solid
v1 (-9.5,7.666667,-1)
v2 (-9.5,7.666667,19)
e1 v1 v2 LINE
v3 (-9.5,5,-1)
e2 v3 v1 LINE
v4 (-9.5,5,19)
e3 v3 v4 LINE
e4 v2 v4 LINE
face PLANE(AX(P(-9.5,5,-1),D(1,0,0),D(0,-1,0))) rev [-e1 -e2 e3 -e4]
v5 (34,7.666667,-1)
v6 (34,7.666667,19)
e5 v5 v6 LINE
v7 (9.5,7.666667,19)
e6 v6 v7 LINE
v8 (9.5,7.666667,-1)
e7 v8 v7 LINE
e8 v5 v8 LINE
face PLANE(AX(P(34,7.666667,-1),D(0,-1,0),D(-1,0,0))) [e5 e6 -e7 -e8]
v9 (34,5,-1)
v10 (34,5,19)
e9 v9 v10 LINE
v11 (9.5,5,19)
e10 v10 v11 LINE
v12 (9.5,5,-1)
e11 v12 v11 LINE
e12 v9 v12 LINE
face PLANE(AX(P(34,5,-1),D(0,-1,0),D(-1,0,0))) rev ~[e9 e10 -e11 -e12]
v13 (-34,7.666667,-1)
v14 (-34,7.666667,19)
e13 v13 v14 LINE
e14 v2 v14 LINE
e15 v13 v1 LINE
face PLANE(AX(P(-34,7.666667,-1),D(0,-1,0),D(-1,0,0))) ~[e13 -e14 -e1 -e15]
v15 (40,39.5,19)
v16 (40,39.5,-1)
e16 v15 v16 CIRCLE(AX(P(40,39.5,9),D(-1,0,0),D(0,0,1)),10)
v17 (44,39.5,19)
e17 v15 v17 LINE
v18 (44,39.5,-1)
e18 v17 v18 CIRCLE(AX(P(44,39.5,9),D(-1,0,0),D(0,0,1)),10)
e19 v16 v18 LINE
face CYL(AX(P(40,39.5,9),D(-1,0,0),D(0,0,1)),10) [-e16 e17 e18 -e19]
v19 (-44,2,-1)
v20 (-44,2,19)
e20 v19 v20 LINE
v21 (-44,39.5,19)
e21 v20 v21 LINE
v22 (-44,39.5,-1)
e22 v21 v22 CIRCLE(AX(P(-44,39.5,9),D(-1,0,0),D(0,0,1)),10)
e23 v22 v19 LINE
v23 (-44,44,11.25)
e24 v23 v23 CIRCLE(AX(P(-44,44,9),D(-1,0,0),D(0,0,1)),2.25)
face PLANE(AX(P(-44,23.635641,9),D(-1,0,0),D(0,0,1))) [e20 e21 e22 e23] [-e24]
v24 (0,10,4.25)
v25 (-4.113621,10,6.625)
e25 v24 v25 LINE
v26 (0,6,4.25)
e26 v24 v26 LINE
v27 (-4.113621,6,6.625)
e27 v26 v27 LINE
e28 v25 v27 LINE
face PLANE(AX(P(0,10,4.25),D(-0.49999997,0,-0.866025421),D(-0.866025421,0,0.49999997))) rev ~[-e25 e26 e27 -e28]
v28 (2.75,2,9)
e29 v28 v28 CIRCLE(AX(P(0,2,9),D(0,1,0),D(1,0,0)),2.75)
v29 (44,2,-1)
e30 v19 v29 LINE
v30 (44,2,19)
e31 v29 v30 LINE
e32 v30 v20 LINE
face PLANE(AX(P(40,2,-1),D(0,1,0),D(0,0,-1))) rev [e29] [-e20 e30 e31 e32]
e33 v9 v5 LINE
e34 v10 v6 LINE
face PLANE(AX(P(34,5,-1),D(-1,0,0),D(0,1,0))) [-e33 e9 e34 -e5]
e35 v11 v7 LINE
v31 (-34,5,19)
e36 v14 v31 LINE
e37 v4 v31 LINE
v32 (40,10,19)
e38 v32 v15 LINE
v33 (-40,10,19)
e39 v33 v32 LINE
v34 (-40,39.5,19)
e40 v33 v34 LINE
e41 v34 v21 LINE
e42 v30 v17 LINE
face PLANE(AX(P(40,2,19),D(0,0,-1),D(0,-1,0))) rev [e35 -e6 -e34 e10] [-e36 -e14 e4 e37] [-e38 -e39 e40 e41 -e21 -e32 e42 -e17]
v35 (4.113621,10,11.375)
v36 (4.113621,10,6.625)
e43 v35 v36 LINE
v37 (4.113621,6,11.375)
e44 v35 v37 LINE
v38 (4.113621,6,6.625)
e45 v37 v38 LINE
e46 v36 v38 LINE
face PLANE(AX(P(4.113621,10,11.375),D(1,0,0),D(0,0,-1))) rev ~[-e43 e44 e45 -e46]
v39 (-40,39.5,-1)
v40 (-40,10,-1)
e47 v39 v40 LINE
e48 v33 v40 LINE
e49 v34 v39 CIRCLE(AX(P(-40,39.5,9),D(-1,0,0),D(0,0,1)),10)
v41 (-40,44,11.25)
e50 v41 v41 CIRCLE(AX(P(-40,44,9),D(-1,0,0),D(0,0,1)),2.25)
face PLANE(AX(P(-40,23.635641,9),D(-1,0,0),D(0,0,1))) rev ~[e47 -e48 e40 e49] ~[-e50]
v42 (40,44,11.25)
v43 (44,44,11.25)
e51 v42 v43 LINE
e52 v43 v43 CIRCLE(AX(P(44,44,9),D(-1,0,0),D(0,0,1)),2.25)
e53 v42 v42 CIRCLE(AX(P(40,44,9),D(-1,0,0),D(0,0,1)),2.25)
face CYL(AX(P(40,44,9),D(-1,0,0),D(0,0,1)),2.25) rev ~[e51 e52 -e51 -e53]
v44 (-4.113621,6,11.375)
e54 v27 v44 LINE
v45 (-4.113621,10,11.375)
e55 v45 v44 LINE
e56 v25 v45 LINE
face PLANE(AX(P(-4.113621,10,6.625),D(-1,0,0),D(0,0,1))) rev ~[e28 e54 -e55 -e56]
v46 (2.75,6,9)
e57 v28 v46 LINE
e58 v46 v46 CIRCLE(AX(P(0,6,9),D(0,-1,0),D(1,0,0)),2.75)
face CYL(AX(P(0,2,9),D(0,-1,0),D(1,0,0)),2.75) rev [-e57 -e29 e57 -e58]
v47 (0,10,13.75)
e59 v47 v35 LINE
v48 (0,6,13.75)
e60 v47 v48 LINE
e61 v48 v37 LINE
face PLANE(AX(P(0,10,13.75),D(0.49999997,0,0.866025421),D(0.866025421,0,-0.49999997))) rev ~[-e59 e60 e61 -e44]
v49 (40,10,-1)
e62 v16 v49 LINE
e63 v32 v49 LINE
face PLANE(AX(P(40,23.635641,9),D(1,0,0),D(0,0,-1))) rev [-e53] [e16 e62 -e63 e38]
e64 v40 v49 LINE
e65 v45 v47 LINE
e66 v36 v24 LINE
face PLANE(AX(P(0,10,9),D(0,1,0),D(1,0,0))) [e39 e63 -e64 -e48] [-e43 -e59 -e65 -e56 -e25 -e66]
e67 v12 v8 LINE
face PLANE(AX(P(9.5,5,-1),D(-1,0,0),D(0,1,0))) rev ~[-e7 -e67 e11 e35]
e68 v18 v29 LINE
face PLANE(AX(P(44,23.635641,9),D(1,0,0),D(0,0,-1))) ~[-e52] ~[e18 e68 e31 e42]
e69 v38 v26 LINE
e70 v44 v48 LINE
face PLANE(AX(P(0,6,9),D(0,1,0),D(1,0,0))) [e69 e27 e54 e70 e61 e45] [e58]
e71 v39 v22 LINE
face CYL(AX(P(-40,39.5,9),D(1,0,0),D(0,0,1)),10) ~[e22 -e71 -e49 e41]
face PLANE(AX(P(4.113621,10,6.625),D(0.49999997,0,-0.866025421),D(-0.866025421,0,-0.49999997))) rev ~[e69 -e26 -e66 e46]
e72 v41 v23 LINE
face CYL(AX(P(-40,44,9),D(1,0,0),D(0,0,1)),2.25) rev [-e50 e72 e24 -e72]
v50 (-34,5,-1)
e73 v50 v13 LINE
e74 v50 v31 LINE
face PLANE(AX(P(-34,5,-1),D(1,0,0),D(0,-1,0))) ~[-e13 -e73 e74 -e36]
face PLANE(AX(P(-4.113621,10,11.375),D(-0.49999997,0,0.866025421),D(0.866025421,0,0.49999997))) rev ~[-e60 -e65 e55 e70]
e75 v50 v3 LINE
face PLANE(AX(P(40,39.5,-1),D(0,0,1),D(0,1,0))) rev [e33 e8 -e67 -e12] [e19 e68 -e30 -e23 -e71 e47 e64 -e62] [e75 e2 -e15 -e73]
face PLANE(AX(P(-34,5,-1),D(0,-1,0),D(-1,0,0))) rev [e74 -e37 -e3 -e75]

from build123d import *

# Parameters (mm, degrees)
SKETCH005_W             = 80
SKETCH005_H             = 20
SKETCH005_R             = 2.75
PAD010_DEPTH            = 8
POCKET009_DEPTH         = 4
SKETCH011_W             = 24.5
SKETCH011_H             = 2.666667
POCKET010_DEPTH         = 185.699521
SKETCH017_R             = 2.25
PAD011_DEPTH            = 4
BODY002_PLACEMENT_ANGLE = 180


with BuildPart() as part:
    # Sketch005 → Pad010 (new body)
    with BuildSketch(Plane.XZ):
        Rectangle(SKETCH005_W, SKETCH005_H)
        Circle(SKETCH005_R, mode=Mode.SUBTRACT)
    extrude(amount=PAD010_DEPTH)

    # Sketch007 → Pocket009 (cut)
    with BuildSketch(Plane.XZ.offset(8)):
        Polygon((4.113621, 2.375), (0, 4.75), (-4.113621, 2.375), (-4.113621, -2.375), (0, -4.75), (4.113621, -2.375), align=None)
    extrude(amount=-POCKET009_DEPTH, mode=Mode.SUBTRACT)

    # Sketch011 → Pocket010 (cut, through all)
    with BuildSketch(Plane(origin=(0, 0, 10), x_dir=(-1, 0, 0), z_dir=(0, 0, 1))):
        with Locations((-21.75, 4.333334)):
            Rectangle(SKETCH011_W, SKETCH011_H)
    pocket010 = extrude(amount=-POCKET010_DEPTH, mode=Mode.SUBTRACT)

    # Sketch017 (on Face4 of Pad010) → Pad011 (join)
    with BuildSketch(Plane(origin=(-40, 0, 0), x_dir=(0, 0, -1), z_dir=(-1, 0, 0))):
        with BuildLine():
            Line((-10, 0), (10, 0))
            Line((10, 0), (10, 37.5))
            ThreePointArc((10, 37.5), (0, 47.5), (-10, 37.5))
            Line((-10, 37.5), (-10, 0))
        make_face()
        with Locations((0, 42)):
            Circle(SKETCH017_R, mode=Mode.SUBTRACT)
    pad011 = extrude(amount=PAD011_DEPTH)

    # Mirrored007: Pad011 across YZ
    add(pad011.mirror(Plane.YZ))

    # Mirrored008: Pocket010 across YZ
    add(pocket010.mirror(Plane.YZ), mode=Mode.SUBTRACT)


with BuildPart() as part_1:
    # Body002 placement: moved
    add(part.part.moved(Location((0, 2, 9))).rotate(Axis((0, 2, 9), (1, 0, 0)), BODY002_PLACEMENT_ANGLE))


solid = part_1.part
